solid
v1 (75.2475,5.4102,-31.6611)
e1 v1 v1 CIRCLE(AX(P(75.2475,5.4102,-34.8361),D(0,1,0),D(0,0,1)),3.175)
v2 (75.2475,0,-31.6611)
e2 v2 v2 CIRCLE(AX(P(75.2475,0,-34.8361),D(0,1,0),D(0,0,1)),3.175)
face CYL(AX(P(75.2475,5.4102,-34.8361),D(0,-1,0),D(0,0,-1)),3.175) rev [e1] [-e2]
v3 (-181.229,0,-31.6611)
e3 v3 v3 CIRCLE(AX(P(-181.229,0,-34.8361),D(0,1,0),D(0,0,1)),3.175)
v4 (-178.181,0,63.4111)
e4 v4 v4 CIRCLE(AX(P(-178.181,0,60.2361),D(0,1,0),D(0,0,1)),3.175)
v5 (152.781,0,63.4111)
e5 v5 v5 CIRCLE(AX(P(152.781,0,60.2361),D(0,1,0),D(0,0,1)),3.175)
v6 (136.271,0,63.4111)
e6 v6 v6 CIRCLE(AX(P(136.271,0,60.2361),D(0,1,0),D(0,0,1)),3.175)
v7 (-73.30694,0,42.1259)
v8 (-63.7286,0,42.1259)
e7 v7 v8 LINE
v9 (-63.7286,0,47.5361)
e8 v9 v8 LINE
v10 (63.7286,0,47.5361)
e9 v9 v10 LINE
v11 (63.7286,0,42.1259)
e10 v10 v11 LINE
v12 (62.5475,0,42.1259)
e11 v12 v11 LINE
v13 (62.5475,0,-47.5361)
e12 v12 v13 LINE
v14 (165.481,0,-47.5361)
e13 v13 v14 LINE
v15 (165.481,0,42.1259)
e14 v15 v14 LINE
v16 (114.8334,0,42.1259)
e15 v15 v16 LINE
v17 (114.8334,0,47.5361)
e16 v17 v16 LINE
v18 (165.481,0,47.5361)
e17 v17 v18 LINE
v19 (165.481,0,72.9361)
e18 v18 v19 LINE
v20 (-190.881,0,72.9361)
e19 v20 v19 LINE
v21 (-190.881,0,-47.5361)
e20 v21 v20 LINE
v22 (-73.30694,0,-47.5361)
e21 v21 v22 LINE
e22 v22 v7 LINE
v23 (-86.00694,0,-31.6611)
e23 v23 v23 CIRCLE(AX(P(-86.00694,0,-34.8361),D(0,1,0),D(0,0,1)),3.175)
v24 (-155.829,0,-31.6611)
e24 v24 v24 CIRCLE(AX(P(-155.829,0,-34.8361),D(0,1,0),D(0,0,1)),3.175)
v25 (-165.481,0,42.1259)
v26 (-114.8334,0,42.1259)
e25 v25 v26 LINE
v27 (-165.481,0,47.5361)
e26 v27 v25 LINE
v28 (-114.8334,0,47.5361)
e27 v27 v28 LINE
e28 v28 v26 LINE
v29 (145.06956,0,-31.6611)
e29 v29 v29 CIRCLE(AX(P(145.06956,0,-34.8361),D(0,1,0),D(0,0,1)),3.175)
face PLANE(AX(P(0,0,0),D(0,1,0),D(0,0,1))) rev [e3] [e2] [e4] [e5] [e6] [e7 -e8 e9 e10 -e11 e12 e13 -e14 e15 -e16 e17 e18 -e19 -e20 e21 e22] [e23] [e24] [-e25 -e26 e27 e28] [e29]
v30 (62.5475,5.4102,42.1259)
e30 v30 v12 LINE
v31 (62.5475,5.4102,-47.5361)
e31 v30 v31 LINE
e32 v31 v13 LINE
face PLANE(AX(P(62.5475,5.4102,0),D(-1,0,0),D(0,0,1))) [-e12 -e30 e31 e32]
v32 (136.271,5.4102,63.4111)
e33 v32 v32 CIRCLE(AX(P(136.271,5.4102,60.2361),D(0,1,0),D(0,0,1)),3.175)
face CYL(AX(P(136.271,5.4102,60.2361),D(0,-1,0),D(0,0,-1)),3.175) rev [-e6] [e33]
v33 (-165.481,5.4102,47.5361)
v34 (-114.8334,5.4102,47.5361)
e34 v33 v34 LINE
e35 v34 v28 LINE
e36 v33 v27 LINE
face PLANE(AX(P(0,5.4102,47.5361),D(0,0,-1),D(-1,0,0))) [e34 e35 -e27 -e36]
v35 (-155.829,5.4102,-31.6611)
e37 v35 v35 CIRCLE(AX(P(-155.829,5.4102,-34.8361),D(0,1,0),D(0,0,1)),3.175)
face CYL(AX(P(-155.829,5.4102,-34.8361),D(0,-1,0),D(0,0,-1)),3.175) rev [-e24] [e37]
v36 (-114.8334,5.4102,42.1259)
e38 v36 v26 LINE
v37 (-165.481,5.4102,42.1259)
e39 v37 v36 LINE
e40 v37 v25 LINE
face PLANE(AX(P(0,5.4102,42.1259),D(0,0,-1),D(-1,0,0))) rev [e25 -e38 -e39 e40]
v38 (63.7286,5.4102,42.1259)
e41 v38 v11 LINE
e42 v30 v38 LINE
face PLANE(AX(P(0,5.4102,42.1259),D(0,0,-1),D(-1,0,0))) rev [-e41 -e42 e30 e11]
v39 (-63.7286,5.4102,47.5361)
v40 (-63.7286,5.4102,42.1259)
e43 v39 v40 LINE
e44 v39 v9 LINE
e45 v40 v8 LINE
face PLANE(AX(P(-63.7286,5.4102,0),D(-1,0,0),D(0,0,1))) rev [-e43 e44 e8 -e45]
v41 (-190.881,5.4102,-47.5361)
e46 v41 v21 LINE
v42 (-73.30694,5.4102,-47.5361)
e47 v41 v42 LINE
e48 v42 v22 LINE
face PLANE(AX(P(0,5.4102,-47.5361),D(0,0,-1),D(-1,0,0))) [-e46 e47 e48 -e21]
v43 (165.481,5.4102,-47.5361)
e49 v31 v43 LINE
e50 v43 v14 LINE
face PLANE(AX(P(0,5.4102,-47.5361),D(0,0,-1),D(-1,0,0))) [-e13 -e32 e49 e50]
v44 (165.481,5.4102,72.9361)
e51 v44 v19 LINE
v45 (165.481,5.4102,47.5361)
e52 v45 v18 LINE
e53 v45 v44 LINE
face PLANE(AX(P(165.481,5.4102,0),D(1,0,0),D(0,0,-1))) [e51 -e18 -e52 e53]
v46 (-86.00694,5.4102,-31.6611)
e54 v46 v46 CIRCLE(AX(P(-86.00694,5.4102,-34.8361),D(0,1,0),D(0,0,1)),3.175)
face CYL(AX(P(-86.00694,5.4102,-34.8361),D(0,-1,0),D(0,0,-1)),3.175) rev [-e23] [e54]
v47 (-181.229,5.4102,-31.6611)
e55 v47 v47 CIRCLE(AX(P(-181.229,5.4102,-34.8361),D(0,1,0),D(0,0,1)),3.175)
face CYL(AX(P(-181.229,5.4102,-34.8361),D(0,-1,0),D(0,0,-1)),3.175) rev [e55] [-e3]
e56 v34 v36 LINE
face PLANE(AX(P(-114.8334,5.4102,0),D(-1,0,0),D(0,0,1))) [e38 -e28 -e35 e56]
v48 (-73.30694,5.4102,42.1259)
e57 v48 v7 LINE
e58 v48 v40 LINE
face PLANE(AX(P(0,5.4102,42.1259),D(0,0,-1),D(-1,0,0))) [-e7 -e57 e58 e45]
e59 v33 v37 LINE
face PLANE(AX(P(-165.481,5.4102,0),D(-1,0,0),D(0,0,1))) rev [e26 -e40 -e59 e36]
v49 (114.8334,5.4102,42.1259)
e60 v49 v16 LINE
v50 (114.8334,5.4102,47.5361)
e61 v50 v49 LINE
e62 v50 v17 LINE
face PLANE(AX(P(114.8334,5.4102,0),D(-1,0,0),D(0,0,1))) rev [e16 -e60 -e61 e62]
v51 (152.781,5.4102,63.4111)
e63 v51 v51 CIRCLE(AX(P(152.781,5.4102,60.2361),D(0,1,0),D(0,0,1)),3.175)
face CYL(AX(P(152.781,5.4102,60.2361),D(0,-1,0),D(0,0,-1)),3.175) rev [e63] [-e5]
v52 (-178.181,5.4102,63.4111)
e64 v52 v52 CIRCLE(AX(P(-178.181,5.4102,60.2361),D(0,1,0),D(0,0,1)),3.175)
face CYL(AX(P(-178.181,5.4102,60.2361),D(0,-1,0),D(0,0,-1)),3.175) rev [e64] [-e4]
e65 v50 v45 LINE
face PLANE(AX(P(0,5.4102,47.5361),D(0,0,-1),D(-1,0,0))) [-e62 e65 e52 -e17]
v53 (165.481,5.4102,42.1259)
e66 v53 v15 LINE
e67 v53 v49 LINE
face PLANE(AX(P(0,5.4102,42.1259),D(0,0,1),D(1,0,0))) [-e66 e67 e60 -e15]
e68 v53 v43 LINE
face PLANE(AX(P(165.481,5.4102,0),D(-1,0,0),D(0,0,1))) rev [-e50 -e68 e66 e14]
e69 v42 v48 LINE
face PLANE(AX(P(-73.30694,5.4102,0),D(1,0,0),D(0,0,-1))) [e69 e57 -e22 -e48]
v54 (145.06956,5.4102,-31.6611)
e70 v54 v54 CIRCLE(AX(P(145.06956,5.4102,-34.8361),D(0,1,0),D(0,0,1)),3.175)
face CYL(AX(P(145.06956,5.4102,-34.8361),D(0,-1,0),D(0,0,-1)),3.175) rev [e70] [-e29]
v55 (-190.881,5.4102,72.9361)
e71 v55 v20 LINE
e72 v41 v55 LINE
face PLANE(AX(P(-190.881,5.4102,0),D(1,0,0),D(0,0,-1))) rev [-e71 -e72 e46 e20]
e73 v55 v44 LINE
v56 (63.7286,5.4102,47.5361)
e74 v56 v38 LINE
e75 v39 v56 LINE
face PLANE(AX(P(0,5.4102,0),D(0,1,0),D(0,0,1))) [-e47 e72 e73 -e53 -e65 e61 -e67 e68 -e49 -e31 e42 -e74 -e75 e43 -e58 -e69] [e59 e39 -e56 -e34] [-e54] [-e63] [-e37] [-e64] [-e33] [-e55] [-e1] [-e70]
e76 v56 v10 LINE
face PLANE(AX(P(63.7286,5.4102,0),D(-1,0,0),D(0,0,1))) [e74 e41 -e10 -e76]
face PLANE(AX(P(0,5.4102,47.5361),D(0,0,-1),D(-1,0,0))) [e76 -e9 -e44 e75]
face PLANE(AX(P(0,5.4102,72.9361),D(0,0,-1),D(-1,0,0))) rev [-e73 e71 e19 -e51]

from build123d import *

# Parameters (mm, degrees)
SKETCH1_W           = 50.6476
SKETCH1_H           = 5.4102
SKETCH1_R           = 3.175
BOSS_EXTRUDE1_DEPTH = 5.4102


with BuildPart() as part:
    # Sketch1 → Boss-Extrude1 (new body)
    with BuildSketch(Plane(origin=(0, 0, 0), x_dir=(1, 0, 0), z_dir=(0, 1, 0))):
        Polygon((-190.881, 47.5361), (-190.881, -72.9361), (165.481, -72.9361), (165.481, -47.5361), (114.8334, -47.5361), (114.8334, -42.1259), (165.481, -42.1259), (165.481, 47.5361), (62.5475, 47.5361), (62.5475, -42.1259), (63.7286, -42.1259), (63.7286, -47.5361), (-63.7286, -47.5361), (-63.7286, -42.1259), (-73.30694, -42.1259), (-73.30694, 47.5361), align=None)
        with Locations((-140.1572, -44.831)):
            Rectangle(SKETCH1_W, SKETCH1_H, mode=Mode.SUBTRACT)
        with Locations(Location((-181.229, 34.8361, 0), (0, 0, 270))):
            Circle(SKETCH1_R, mode=Mode.SUBTRACT)
        with Locations(Location((152.781, -60.2361, 0), (0, 0, 270))):
            Circle(SKETCH1_R, mode=Mode.SUBTRACT)
        with Locations(Location((-178.181, -60.2361, 0), (0, 0, 270))):
            Circle(SKETCH1_R, mode=Mode.SUBTRACT)
        with Locations(Location((136.271, -60.2361, 0), (0, 0, 270))):
            Circle(SKETCH1_R, mode=Mode.SUBTRACT)
        with Locations(Location((-155.829, 34.8361, 0), (0, 0, 270))):
            Circle(SKETCH1_R, mode=Mode.SUBTRACT)
        with Locations(Location((-86.00694, 34.8361, 0), (0, 0, 270))):
            Circle(SKETCH1_R, mode=Mode.SUBTRACT)
        with Locations(Location((145.06956, 34.8361, 0), (0, 0, 270))):
            Circle(SKETCH1_R, mode=Mode.SUBTRACT)
        with Locations(Location((75.2475, 34.8361, 0), (0, 0, 270))):
            Circle(SKETCH1_R, mode=Mode.SUBTRACT)
    extrude(amount=BOSS_EXTRUDE1_DEPTH)


solid = part.part
